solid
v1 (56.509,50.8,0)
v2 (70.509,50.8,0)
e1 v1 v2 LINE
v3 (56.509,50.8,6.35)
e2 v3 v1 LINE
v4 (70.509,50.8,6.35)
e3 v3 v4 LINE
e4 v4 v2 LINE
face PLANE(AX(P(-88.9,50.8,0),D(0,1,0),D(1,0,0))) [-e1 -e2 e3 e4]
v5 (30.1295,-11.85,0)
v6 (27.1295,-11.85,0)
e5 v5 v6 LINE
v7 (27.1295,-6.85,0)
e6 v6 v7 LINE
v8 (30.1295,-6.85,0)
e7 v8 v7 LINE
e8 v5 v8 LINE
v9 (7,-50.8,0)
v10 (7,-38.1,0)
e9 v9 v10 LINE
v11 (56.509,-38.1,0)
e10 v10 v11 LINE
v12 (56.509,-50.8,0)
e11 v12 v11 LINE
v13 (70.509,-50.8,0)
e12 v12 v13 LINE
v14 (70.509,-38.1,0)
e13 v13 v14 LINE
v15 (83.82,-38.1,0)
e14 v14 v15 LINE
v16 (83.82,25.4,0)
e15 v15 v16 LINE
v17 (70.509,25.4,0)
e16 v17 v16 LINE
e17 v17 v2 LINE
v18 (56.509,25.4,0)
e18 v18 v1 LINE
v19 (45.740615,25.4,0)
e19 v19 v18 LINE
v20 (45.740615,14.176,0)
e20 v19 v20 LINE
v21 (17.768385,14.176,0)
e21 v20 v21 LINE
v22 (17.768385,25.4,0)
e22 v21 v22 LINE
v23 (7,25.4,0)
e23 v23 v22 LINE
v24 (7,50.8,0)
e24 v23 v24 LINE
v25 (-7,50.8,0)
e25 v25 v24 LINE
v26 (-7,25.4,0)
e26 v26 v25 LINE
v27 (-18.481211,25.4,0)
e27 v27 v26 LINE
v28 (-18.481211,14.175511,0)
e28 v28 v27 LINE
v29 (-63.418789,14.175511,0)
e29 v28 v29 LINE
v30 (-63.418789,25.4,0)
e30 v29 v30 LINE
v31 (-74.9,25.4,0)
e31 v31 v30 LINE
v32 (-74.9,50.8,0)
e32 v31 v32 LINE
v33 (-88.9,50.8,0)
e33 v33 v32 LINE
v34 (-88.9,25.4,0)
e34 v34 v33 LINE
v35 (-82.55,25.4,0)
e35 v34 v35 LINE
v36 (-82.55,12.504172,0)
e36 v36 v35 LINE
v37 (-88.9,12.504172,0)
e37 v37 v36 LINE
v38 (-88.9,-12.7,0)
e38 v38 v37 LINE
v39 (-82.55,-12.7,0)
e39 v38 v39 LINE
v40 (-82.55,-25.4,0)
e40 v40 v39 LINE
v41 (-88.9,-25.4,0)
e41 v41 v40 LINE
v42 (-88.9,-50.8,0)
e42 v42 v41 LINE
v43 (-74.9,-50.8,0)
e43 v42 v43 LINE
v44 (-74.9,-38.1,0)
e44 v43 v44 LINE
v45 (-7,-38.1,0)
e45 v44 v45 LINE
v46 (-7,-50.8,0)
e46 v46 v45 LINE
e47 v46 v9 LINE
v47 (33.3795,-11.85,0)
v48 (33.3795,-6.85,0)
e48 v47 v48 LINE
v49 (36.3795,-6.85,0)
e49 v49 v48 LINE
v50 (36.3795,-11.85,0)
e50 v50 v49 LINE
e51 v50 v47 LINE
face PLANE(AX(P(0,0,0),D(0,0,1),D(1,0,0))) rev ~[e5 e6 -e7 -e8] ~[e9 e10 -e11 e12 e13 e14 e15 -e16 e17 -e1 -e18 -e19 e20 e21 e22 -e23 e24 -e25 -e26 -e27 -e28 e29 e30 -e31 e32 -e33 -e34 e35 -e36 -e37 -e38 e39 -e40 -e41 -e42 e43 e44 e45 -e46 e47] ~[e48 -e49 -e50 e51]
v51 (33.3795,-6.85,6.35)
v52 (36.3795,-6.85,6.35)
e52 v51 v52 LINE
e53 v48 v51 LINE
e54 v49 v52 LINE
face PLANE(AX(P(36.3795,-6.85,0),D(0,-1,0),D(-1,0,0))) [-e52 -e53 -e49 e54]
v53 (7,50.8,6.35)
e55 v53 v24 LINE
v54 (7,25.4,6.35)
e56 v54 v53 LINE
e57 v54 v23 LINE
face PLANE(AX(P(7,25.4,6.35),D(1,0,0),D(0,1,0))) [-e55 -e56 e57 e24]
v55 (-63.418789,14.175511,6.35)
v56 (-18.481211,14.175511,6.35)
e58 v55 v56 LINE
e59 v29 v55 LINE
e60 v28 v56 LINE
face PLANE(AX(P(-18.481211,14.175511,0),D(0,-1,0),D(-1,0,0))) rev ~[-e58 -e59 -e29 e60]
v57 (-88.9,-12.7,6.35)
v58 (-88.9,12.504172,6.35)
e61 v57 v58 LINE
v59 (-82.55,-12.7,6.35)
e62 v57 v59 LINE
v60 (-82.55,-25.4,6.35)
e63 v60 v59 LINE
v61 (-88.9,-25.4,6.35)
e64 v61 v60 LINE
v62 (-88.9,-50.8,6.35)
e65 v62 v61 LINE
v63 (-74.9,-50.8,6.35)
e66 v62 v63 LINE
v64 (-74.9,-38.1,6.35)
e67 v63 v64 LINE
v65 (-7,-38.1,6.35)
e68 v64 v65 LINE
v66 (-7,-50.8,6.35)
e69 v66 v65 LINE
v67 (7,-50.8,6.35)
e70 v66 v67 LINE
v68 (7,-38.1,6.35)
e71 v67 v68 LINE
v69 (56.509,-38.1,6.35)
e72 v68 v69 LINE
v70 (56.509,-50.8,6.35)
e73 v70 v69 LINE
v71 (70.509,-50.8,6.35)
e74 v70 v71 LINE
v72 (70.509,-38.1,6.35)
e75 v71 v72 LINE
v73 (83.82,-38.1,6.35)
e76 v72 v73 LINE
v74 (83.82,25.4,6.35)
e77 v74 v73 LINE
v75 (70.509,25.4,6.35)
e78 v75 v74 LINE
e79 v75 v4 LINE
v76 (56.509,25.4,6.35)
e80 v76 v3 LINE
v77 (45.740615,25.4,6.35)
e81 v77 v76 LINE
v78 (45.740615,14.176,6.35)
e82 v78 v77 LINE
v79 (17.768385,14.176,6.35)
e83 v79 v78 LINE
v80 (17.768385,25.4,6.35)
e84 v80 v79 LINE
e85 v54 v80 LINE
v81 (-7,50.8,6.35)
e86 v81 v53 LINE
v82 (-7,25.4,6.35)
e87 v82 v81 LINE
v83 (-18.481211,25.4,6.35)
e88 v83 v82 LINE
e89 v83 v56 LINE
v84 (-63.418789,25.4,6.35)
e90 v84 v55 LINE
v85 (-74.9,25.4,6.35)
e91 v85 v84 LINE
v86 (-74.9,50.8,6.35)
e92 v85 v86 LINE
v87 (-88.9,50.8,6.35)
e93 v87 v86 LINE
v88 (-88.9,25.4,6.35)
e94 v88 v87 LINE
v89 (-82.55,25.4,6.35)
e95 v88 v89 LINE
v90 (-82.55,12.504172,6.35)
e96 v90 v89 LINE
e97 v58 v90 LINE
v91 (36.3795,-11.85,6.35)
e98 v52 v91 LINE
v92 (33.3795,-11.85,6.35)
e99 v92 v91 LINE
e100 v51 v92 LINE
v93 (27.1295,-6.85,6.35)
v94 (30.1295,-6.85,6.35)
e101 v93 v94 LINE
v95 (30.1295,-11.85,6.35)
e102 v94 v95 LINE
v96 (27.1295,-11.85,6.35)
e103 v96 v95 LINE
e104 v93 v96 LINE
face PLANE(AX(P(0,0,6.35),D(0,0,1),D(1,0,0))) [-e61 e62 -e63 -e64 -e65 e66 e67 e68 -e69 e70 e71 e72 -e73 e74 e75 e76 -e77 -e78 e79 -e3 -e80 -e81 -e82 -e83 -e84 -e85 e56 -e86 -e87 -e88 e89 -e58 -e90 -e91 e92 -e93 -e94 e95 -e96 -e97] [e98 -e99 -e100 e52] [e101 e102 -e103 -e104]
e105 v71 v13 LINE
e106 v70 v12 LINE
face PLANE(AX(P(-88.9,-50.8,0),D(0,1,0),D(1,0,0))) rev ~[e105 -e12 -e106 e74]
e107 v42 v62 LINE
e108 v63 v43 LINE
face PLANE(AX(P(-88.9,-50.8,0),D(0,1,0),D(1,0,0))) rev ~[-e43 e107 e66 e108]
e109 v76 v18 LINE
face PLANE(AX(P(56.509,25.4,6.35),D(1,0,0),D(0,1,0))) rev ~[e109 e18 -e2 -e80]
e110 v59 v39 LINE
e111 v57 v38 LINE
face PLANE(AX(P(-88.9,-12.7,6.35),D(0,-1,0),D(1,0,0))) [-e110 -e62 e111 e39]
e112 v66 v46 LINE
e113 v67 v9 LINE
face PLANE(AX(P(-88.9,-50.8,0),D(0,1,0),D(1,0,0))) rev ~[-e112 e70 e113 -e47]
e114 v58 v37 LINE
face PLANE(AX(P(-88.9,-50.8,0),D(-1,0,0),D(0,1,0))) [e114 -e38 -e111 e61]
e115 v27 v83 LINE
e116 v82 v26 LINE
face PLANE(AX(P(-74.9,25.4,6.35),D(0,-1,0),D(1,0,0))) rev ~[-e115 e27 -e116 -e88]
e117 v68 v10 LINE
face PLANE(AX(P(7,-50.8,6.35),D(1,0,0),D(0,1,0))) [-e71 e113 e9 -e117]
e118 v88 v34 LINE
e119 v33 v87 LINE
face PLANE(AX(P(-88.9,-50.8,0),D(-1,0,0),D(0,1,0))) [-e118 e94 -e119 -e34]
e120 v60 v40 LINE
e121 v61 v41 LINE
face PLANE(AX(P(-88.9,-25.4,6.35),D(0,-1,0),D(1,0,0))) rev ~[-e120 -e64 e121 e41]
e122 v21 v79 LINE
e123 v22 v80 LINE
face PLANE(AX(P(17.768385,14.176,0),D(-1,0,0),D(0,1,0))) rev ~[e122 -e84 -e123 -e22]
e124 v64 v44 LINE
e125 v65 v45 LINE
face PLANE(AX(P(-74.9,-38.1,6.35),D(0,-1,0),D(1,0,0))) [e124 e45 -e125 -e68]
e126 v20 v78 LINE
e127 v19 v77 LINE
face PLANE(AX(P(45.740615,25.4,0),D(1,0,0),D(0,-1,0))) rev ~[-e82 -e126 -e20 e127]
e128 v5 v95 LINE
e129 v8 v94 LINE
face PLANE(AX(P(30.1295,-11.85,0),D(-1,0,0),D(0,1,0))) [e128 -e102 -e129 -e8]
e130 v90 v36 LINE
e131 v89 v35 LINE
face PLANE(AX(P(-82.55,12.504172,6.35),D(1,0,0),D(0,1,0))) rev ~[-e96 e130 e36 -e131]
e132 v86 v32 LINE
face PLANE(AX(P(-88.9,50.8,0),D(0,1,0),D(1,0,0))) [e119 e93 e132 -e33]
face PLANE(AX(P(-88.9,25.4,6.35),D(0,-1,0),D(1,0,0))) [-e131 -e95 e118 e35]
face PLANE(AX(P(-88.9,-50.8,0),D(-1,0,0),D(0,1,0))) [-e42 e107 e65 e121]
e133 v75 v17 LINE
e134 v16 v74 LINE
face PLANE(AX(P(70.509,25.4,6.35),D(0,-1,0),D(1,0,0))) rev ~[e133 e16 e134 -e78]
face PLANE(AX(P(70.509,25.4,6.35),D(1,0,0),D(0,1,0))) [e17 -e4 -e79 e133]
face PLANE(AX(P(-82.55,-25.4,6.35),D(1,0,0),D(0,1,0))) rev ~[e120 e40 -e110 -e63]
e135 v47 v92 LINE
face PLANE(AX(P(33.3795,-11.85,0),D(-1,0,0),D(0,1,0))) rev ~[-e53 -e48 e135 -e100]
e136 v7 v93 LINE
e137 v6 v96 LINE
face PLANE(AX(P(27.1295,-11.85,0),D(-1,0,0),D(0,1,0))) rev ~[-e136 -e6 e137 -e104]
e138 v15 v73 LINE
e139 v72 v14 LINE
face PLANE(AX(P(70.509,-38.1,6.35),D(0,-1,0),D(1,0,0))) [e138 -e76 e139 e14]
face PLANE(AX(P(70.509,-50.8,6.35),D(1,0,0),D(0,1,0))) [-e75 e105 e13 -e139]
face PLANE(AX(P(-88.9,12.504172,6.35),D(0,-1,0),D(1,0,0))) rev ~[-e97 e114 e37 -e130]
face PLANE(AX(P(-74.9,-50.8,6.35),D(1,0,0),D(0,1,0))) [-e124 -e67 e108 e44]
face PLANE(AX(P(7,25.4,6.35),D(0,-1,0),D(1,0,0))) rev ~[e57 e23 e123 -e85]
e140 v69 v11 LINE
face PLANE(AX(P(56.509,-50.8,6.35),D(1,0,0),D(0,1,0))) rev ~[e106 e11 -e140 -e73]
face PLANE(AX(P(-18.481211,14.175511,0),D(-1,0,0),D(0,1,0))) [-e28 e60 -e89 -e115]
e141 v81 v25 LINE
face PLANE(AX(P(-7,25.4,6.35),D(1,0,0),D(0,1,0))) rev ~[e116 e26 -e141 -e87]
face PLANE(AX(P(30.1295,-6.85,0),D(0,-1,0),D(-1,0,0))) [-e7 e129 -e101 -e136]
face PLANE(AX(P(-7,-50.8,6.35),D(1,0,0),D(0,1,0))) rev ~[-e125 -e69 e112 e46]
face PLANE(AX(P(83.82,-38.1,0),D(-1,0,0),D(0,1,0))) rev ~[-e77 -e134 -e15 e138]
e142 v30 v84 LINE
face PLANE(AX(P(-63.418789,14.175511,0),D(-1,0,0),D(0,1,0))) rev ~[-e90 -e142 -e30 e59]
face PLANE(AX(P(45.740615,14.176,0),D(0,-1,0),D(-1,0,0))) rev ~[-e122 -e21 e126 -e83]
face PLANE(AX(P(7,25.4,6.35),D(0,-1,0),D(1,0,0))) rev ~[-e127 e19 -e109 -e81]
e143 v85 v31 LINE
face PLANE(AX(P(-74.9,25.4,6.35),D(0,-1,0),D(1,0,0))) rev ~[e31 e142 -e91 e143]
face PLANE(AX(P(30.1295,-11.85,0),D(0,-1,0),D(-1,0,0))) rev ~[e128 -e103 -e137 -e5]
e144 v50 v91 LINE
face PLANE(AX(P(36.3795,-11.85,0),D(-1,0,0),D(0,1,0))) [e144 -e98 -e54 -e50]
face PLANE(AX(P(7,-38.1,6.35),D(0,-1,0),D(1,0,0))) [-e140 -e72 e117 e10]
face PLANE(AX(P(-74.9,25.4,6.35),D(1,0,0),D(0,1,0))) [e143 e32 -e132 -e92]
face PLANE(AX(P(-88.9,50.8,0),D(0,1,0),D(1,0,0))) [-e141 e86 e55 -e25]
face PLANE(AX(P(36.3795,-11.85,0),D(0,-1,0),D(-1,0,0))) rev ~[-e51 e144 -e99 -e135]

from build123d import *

# Parameters (mm, degrees)
SKETCH2_W           = 177.8
SKETCH2_H           = 101.6
BOSS_EXTRUDE3_DEPTH = 6.35
SKETCH3_W           = 6.35
SKETCH3_H           = 12.895827841
SKETCH3_W_2         = 67.9
SKETCH3_H_2         = 25.4
SKETCH3_H_3         = 12.7
SKETCH3_W_3         = 49.509
SKETCH3_W_4         = 18.391
CUT_EXTRUDE3_DEPTH  = 103.587389576
SKETCH4_W           = 44.937577928
SKETCH4_H           = 11.22448853
SKETCH4_W_2         = 5.08
SKETCH4_H_2         = 63.5
CUT_EXTRUDE4_DEPTH  = 103.587389576
SKETCH5_W           = 3
SKETCH5_H           = 5
CUT_EXTRUDE5_DEPTH  = 103.587389576


with BuildPart() as part:
    # Sketch2 → Boss-Extrude3 (new body)
    with BuildSketch(Plane.XY):
        Rectangle(SKETCH2_W, SKETCH2_H)
    extrude(amount=BOSS_EXTRUDE3_DEPTH)

    # Sketch3 → Cut-Extrude3 (cut, through all)
    with BuildSketch(Plane.XY.offset(6.35)):
        with Locations((-85.725, 18.95208608)):
            Rectangle(SKETCH3_W, SKETCH3_H)
        with Locations((-40.95, 38.1)):
            Rectangle(SKETCH3_W_2, SKETCH3_H_2)
        with Locations((-85.725, -19.05)):
            Rectangle(SKETCH3_W, SKETCH3_H_3)
        with Locations((31.7545, 38.1)):
            Rectangle(SKETCH3_W_3, SKETCH3_H_2)
        with Locations((79.7045, 38.1)):
            Rectangle(SKETCH3_W_4, SKETCH3_H_2)
        with Locations((-40.95, -44.45)):
            Rectangle(SKETCH3_W_2, SKETCH3_H_3)
        with Locations((31.7545, -44.45)):
            Rectangle(SKETCH3_W_3, SKETCH3_H_3)
        with Locations((79.7045, -44.45)):
            Rectangle(SKETCH3_W_4, SKETCH3_H_3)
    extrude(amount=-CUT_EXTRUDE3_DEPTH, mode=Mode.SUBTRACT)

    # Sketch4 → Cut-Extrude4 (cut, through all)
    with BuildSketch(Plane(origin=(0, 0, 0), x_dir=(-1, 0, 0), z_dir=(0, 0, -1))):
        with Locations((40.95, 19.787755735)):
            Rectangle(SKETCH4_W, SKETCH4_H)
        with Locations((-86.36, -6.35)):
            Rectangle(SKETCH4_W_2, SKETCH4_H_2)
        Polygon((-17.768385345, 25.4), (-31.7545, 25.4), (-45.740614655, 25.4), (-45.740614655, 14.176), (-17.768385345, 14.176), align=None)
    extrude(amount=-CUT_EXTRUDE4_DEPTH, mode=Mode.SUBTRACT)

    # Sketch5 → Cut-Extrude5 (cut, through all)
    with BuildSketch(Plane(origin=(0, 0, 0), x_dir=(-1, 0, 0), z_dir=(0, 0, -1))):
        with Locations((-28.6295, -9.35)):
            Rectangle(SKETCH5_W, SKETCH5_H)
        with Locations((-34.8795, -9.35)):
            Rectangle(SKETCH5_W, SKETCH5_H)
    extrude(amount=-CUT_EXTRUDE5_DEPTH, mode=Mode.SUBTRACT)


solid = part.part
